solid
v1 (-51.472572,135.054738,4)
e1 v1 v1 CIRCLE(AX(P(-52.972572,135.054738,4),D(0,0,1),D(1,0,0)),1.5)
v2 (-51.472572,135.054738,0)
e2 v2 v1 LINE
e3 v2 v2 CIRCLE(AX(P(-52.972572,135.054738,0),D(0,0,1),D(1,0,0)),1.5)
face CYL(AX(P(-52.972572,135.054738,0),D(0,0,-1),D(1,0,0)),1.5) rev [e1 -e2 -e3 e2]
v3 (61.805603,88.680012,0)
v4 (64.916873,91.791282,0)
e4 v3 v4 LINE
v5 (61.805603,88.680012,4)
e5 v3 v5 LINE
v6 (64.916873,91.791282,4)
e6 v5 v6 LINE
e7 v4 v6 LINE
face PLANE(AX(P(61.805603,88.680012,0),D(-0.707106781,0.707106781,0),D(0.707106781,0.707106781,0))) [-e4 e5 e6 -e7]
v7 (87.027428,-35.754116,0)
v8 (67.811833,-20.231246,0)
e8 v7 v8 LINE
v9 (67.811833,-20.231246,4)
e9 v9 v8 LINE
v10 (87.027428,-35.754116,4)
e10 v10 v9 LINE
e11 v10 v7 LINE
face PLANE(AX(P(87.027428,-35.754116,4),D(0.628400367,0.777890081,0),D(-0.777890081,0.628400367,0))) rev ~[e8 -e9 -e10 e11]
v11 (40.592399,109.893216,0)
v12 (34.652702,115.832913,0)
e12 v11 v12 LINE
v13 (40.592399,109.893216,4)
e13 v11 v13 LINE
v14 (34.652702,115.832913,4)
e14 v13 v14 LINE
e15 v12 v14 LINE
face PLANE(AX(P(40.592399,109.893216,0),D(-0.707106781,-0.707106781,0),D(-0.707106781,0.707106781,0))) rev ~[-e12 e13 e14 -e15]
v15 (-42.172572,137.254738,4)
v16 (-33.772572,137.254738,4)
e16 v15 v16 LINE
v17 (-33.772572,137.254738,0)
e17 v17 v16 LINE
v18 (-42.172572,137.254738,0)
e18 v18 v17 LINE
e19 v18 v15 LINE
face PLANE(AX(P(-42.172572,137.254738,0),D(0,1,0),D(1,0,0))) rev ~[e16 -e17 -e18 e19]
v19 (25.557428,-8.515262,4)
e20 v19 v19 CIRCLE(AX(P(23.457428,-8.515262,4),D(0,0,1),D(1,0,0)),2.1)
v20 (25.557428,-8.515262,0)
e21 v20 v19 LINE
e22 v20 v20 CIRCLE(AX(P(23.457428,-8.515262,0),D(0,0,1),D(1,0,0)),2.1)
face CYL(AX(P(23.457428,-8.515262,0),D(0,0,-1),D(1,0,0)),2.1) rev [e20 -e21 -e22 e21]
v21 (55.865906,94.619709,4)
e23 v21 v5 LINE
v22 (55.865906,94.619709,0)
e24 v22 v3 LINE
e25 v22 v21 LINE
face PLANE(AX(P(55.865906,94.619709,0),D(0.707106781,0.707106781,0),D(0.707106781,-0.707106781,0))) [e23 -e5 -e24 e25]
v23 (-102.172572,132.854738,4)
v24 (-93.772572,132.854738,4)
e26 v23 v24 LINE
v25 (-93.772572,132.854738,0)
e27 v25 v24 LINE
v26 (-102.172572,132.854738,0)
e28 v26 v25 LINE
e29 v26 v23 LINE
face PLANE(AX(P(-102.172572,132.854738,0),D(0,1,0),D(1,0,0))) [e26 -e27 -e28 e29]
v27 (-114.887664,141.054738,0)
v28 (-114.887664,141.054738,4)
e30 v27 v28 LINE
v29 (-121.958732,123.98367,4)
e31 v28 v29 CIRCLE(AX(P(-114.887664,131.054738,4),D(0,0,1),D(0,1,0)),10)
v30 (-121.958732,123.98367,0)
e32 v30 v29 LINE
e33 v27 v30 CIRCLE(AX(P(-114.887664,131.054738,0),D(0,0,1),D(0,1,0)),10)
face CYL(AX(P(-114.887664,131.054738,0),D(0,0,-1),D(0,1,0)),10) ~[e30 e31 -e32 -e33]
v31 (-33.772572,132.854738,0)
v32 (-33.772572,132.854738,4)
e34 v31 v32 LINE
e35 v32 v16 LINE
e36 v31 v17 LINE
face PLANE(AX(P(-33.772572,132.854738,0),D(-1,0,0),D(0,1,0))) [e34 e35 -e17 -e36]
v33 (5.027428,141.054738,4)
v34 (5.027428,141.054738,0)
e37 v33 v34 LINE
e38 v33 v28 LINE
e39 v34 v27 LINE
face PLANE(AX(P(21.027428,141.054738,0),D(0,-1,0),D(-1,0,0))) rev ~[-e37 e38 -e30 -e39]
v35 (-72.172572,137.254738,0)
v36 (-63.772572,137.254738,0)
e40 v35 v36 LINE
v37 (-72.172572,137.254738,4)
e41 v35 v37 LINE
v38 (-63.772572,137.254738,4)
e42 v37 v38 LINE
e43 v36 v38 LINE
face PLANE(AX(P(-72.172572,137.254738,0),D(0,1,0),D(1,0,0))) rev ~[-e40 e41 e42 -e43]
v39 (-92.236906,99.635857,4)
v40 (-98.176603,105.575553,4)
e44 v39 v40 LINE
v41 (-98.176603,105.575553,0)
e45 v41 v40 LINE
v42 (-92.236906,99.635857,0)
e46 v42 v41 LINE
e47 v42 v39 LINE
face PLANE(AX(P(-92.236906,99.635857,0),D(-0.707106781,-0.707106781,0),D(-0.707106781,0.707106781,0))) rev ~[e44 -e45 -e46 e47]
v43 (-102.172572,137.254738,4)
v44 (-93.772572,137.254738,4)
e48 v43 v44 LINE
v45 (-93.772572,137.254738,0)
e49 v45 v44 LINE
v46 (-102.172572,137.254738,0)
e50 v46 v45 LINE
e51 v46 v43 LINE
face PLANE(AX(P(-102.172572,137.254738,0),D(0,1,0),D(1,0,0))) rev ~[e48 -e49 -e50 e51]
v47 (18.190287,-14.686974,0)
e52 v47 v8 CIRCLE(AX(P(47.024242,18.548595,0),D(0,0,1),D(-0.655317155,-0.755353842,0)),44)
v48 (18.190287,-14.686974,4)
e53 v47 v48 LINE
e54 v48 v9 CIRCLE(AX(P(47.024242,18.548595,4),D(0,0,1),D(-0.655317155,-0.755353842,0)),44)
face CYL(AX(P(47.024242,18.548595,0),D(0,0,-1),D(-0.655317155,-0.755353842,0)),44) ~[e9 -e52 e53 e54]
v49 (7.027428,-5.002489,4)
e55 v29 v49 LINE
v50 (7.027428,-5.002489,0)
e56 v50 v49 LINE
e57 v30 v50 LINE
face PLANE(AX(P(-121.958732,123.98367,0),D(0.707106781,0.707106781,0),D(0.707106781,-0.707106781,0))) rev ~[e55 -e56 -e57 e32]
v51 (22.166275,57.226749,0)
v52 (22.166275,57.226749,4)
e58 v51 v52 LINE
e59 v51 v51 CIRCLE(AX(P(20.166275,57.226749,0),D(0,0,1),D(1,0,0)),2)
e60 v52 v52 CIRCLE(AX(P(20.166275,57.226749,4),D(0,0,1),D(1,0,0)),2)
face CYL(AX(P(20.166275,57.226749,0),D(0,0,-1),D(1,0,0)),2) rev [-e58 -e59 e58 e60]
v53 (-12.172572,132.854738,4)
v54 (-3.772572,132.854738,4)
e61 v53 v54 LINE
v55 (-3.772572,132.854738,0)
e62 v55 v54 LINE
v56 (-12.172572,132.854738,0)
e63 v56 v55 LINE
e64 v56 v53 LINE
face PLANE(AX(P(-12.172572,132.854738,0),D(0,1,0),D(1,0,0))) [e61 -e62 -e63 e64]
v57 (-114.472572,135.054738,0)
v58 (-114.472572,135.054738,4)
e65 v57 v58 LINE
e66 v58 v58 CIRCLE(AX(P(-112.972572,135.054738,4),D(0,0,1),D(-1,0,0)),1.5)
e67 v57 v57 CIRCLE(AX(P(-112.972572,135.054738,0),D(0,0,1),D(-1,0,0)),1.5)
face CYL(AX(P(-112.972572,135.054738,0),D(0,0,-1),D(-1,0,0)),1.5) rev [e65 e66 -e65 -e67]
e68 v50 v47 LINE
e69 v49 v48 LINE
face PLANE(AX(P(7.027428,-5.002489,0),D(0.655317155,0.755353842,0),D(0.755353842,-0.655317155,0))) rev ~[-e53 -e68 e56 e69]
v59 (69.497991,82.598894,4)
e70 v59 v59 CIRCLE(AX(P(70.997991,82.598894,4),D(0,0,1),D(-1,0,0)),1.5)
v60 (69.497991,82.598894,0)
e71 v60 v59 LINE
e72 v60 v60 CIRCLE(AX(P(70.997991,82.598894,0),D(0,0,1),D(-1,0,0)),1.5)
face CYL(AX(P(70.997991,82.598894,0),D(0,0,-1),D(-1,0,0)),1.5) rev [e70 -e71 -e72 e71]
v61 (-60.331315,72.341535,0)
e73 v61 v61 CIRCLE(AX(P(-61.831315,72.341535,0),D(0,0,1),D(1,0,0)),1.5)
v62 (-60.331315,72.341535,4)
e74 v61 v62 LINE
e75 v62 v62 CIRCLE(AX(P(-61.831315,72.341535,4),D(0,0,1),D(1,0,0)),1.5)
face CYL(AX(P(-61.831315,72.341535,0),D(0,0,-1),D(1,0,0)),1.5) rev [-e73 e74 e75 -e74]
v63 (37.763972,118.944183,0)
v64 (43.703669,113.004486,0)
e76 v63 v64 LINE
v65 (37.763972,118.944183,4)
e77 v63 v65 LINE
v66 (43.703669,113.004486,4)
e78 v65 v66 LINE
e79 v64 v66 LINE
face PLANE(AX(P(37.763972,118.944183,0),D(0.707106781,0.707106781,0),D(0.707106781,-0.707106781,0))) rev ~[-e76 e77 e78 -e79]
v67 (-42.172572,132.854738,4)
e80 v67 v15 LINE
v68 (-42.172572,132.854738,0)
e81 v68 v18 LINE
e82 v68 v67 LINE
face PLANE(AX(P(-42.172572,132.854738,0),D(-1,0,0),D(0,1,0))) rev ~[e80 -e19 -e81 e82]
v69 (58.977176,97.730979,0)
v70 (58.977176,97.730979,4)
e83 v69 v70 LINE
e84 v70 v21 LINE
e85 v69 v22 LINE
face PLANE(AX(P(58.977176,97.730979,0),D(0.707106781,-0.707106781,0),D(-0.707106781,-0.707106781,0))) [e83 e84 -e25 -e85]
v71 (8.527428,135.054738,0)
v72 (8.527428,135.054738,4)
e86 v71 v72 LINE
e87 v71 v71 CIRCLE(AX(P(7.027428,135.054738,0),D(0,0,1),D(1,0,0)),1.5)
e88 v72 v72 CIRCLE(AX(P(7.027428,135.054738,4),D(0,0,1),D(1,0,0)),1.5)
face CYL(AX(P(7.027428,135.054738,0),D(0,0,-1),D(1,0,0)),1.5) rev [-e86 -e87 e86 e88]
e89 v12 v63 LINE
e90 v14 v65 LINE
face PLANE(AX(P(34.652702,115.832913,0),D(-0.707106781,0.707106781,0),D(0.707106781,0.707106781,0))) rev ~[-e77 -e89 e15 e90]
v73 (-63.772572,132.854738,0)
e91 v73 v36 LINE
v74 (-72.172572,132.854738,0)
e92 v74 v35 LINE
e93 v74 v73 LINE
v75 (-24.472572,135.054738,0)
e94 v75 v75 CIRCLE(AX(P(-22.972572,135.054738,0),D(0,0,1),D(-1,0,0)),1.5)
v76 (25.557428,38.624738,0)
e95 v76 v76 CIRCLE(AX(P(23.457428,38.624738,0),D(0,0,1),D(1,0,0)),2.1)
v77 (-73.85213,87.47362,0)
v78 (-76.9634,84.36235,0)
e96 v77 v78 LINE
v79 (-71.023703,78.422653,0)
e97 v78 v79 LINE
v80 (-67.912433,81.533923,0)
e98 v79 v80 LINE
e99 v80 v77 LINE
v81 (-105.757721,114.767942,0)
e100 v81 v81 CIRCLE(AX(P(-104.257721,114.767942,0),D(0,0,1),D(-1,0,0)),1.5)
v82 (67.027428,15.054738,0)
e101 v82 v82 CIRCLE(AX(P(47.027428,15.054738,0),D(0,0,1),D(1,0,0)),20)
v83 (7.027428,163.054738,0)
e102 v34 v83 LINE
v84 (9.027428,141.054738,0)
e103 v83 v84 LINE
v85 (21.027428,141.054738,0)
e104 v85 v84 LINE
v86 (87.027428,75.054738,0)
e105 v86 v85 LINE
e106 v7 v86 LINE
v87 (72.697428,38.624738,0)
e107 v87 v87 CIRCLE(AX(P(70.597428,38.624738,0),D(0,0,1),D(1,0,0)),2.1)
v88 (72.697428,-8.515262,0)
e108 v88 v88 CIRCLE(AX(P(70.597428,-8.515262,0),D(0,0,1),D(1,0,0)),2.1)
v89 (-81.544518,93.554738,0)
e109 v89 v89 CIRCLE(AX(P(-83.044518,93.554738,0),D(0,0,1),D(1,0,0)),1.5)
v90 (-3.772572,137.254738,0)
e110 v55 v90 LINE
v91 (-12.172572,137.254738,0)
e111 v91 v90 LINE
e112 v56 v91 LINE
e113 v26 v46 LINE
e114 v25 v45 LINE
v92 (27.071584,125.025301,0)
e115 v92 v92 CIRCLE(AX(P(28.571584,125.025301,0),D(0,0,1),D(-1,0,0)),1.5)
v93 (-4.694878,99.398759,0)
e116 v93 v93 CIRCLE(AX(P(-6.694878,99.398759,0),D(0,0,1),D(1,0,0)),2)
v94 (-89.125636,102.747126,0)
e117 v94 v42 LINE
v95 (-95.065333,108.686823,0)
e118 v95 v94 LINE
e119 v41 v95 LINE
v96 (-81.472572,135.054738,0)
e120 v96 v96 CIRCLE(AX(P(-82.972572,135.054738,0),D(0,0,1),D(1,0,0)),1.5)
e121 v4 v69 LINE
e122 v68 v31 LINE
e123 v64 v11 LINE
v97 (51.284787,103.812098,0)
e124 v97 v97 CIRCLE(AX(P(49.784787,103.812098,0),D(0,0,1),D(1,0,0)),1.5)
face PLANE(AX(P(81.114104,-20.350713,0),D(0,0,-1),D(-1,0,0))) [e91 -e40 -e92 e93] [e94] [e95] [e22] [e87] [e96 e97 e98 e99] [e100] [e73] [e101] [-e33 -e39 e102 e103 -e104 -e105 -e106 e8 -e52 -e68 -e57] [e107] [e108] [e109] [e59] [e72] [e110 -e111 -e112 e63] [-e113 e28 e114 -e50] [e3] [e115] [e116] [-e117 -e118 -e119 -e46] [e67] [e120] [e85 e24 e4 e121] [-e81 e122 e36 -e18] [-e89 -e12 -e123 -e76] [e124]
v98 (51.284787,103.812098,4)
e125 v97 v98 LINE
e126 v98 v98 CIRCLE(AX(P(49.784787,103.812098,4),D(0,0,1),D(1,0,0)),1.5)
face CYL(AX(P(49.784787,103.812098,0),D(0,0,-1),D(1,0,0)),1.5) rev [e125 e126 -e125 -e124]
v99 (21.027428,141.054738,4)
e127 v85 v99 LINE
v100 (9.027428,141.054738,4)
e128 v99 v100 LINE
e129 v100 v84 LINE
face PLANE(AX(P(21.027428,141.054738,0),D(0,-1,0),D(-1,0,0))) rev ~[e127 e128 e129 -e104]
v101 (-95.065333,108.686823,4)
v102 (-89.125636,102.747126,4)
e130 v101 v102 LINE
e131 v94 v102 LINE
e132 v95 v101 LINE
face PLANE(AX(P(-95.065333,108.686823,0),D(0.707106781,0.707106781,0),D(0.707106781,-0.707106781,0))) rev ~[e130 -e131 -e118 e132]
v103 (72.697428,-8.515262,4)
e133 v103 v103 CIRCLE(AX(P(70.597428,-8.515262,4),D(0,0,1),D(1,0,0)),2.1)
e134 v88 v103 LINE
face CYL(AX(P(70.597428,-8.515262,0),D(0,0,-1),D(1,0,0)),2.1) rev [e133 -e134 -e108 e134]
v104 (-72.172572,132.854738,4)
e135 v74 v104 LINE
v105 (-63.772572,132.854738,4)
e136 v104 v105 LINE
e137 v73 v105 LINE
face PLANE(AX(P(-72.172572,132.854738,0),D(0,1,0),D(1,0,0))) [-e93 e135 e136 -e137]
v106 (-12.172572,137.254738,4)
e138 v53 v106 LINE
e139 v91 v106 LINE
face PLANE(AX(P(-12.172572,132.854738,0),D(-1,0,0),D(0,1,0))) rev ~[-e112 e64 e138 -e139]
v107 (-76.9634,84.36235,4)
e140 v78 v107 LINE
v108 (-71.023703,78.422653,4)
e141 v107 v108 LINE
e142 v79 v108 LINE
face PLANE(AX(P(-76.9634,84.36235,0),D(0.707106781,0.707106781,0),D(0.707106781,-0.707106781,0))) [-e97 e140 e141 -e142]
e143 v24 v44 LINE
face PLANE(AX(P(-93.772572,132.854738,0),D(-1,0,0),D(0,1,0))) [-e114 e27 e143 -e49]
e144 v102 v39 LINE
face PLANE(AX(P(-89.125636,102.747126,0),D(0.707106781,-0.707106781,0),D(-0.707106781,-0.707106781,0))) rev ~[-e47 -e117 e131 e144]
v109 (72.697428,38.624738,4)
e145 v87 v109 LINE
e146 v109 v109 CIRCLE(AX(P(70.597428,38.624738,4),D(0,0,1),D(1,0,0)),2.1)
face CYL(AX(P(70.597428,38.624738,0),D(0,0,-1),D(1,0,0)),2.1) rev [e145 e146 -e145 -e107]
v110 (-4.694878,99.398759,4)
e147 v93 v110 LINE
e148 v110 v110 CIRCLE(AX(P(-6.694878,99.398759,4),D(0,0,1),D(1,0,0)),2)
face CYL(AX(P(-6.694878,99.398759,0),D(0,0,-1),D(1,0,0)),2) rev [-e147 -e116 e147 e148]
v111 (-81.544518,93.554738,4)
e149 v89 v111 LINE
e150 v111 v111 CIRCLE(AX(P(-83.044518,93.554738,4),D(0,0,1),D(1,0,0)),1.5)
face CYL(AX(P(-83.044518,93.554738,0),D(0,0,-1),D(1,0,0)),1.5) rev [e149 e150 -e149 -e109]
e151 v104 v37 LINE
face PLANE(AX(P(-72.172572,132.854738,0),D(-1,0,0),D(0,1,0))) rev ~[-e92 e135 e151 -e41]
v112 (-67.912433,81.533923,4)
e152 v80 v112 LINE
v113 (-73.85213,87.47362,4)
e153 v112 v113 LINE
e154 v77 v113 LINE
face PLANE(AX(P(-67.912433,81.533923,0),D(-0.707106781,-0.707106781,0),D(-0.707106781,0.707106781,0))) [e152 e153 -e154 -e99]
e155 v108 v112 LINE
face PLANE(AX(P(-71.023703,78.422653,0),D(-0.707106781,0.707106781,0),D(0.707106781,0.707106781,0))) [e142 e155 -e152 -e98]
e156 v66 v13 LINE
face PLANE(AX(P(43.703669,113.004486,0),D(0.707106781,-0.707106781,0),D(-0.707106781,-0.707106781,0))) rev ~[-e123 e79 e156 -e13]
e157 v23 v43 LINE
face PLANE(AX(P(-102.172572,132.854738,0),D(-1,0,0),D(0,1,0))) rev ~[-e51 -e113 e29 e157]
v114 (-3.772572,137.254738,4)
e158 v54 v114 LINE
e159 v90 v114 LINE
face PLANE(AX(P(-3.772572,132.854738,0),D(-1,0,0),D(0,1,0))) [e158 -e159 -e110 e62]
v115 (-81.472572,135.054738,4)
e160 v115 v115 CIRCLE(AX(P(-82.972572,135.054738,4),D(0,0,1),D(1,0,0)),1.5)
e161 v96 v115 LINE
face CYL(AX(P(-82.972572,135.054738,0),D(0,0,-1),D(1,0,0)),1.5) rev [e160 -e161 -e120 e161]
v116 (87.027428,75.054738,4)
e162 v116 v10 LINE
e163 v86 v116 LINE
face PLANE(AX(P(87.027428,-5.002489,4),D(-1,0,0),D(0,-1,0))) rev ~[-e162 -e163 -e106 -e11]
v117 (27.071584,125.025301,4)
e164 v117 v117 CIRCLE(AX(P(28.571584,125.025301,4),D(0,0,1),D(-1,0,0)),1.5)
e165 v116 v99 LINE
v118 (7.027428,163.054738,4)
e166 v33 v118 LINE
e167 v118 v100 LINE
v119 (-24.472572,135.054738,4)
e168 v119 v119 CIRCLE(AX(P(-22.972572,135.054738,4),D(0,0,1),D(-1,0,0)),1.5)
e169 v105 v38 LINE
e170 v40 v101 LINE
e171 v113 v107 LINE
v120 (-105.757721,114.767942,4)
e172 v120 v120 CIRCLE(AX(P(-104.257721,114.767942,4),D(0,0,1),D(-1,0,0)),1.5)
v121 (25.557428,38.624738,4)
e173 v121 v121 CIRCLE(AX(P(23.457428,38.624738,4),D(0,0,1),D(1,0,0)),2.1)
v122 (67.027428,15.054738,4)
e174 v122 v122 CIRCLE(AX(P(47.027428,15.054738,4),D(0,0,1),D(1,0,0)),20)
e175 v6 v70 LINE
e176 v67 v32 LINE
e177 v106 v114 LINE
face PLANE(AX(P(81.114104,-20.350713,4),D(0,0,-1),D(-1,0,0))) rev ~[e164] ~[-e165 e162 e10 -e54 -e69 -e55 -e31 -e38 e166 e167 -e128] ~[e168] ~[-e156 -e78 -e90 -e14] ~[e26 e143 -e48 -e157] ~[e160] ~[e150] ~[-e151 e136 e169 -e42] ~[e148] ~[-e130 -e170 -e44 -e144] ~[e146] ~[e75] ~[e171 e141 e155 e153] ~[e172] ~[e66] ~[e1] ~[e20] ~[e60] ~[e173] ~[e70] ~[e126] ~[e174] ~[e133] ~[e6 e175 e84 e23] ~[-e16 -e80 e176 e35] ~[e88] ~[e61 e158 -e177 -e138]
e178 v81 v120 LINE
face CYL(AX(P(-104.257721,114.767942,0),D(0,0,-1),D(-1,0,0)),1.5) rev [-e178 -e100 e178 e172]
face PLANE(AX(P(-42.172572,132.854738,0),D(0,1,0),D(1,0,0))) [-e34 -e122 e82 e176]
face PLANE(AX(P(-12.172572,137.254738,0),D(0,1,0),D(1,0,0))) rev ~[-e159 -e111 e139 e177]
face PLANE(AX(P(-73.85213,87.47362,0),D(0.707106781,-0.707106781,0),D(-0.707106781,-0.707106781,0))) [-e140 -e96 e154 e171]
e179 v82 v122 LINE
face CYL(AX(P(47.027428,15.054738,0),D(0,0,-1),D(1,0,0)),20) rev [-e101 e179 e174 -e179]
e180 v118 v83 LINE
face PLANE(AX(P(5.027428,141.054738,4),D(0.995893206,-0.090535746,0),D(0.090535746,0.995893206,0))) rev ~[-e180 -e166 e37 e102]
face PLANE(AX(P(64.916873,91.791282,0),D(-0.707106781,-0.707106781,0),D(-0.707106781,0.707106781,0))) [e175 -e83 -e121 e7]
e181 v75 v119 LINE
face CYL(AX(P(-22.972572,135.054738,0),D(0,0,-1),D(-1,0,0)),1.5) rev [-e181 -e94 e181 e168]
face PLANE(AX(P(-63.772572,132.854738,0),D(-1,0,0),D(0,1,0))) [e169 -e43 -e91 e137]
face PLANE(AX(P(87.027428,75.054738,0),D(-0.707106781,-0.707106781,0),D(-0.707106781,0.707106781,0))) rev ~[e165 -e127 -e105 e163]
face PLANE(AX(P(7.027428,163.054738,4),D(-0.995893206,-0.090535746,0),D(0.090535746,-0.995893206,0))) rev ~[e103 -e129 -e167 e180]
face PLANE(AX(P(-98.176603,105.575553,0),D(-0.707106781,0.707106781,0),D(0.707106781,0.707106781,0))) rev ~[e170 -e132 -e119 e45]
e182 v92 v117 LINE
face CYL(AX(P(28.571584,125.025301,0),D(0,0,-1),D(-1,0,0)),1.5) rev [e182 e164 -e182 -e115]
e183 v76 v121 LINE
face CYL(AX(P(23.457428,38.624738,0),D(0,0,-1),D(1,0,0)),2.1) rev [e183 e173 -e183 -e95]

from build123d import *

# Parameters (mm, degrees)
SKETCH_1_R      = 1.5
SKETCH_1_R_2    = 20
SKETCH_1_R_3    = 2.1
SKETCH_1_R_4    = 2
SKETCH_1_W      = 8.4
SKETCH_1_H      = 4.4
EXTRUDE_1_DEPTH = 4
EXTRUDE_2_DEPTH = 4
EXTRUDE_4_DEPTH = 4


with BuildPart() as part:
    # 草图1 → 凸台-拉伸1 (new body)
    with BuildSketch(Plane.XY):
        with BuildLine():
            Line((7.027428163, -5.002489357), (18.190287148, -14.686974418))
            ThreePointArc((18.190287148, -14.686974418), (47.018030055, -25.451404949), (75.84881126, -14.695114654))
            Line((75.84881126, -14.695114654), (87.027428163, -5.002489357))
            Line((87.027428163, -5.002489357), (87.027428163, 75.054738201))
            Line((87.027428163, 75.054738201), (21.027428163, 141.054738201))
            Line((21.027428163, 141.054738201), (-114.887663771, 141.054738201))
            ThreePointArc((-114.887663771, 141.054738201), (-124.126459096, 134.881572525), (-121.958731583, 123.983670389))
            Line((-121.958731583, 123.983670389), (-90.203942848, 92.228881654))
            Line((-90.203942848, 92.228881654), (7.027428163, -5.002489357))
        make_face()
        with Locations((-52.972571837, 135.054738201)):
            Circle(SKETCH_1_R, mode=Mode.SUBTRACT)
        with Locations((47.027428163, 15.054738201)):
            Circle(SKETCH_1_R_2, mode=Mode.SUBTRACT)
        with Locations(Location((-22.972571837, 135.054738201, 0), (0, 0, 180))):
            Circle(SKETCH_1_R, mode=Mode.SUBTRACT)
        with Locations((7.027428163, 135.054738201)):
            Circle(SKETCH_1_R, mode=Mode.SUBTRACT)
        with Locations(Location((-112.972571837, 135.054738201, 0), (0, 0, 180))):
            Circle(SKETCH_1_R, mode=Mode.SUBTRACT)
        with Locations((-82.972571837, 135.054738201)):
            Circle(SKETCH_1_R, mode=Mode.SUBTRACT)
        with Locations((49.784787476, 103.812097514)):
            Circle(SKETCH_1_R, mode=Mode.SUBTRACT)
        with Locations(Location((70.997990912, 82.598894078, 0), (0, 0, 180))):
            Circle(SKETCH_1_R, mode=Mode.SUBTRACT)
        with Locations(Location((28.571584041, 125.025300949, 0), (0, 0, 180))):
            Circle(SKETCH_1_R, mode=Mode.SUBTRACT)
        with Locations((70.597428163, 38.624738201)):
            Circle(SKETCH_1_R_3, mode=Mode.SUBTRACT)
        with Locations((70.597428163, -8.515261799)):
            Circle(SKETCH_1_R_3, mode=Mode.SUBTRACT)
        with Locations((23.457428163, -8.515261799)):
            Circle(SKETCH_1_R_3, mode=Mode.SUBTRACT)
        with Locations((23.457428163, 38.624738201)):
            Circle(SKETCH_1_R_3, mode=Mode.SUBTRACT)
        with Locations((-83.04451802, 93.554738201)):
            Circle(SKETCH_1_R, mode=Mode.SUBTRACT)
        with Locations((-61.831314585, 72.341534765)):
            Circle(SKETCH_1_R, mode=Mode.SUBTRACT)
        with Locations(Location((-104.257721456, 114.767941637, 0), (0, 0, 180))):
            Circle(SKETCH_1_R, mode=Mode.SUBTRACT)
        with Locations((20.166275086, 57.226748532)):
            Circle(SKETCH_1_R_4, mode=Mode.SUBTRACT)
        with Locations((-6.694877991, 99.398758863)):
            Circle(SKETCH_1_R_4, mode=Mode.SUBTRACT)
        with Locations((-37.972571837, 135.054738201)):
            Rectangle(SKETCH_1_W, SKETCH_1_H, mode=Mode.SUBTRACT)
        with Locations((-7.972571837, 135.054738201)):
            Rectangle(SKETCH_1_W, SKETCH_1_H, mode=Mode.SUBTRACT)
        with Locations((-97.972571837, 135.054738201)):
            Rectangle(SKETCH_1_W, SKETCH_1_H, mode=Mode.SUBTRACT)
        with Locations((-67.972571837, 135.054738201)):
            Rectangle(SKETCH_1_W, SKETCH_1_H, mode=Mode.SUBTRACT)
        Polygon((55.865905794, 94.619709358), (61.805602756, 88.680012396), (64.916872594, 91.791282234), (58.977175632, 97.730979196), align=None, mode=Mode.SUBTRACT)
        Polygon((34.652702359, 115.832912794), (37.763972196, 118.944182631), (43.703669158, 113.004485669), (40.592399321, 109.893215832), align=None, mode=Mode.SUBTRACT)
        Polygon((-73.852129865, 87.473619883), (-76.963399702, 84.362350046), (-71.02370274, 78.422653084), (-67.912432903, 81.533922921), align=None, mode=Mode.SUBTRACT)
        Polygon((-89.125636339, 102.747126356), (-92.236906176, 99.635856519), (-98.176603138, 105.575553481), (-95.065333301, 108.686823318), align=None, mode=Mode.SUBTRACT)
    extrude(amount=EXTRUDE_1_DEPTH)

    # 草图2 → 凸台-拉伸2 (add)
    with BuildSketch(Plane.XY.offset(4)):
        Polygon((87.027428163, -5.002489357), (87.027428163, -35.754116483), (67.811833288, -20.231246124), align=None)
    extrude(amount=-EXTRUDE_2_DEPTH)

    # 草图3 → 凸台-拉伸4 (add)
    with BuildSketch(Plane.XY.offset(4)):
        Polygon((7.027428163, 141.054738201), (5.027428163, 141.054738201), (7.027428163, 163.054738201), (9.027428163, 141.054738201), align=None)
    extrude(amount=-EXTRUDE_4_DEPTH)


solid = part.part
